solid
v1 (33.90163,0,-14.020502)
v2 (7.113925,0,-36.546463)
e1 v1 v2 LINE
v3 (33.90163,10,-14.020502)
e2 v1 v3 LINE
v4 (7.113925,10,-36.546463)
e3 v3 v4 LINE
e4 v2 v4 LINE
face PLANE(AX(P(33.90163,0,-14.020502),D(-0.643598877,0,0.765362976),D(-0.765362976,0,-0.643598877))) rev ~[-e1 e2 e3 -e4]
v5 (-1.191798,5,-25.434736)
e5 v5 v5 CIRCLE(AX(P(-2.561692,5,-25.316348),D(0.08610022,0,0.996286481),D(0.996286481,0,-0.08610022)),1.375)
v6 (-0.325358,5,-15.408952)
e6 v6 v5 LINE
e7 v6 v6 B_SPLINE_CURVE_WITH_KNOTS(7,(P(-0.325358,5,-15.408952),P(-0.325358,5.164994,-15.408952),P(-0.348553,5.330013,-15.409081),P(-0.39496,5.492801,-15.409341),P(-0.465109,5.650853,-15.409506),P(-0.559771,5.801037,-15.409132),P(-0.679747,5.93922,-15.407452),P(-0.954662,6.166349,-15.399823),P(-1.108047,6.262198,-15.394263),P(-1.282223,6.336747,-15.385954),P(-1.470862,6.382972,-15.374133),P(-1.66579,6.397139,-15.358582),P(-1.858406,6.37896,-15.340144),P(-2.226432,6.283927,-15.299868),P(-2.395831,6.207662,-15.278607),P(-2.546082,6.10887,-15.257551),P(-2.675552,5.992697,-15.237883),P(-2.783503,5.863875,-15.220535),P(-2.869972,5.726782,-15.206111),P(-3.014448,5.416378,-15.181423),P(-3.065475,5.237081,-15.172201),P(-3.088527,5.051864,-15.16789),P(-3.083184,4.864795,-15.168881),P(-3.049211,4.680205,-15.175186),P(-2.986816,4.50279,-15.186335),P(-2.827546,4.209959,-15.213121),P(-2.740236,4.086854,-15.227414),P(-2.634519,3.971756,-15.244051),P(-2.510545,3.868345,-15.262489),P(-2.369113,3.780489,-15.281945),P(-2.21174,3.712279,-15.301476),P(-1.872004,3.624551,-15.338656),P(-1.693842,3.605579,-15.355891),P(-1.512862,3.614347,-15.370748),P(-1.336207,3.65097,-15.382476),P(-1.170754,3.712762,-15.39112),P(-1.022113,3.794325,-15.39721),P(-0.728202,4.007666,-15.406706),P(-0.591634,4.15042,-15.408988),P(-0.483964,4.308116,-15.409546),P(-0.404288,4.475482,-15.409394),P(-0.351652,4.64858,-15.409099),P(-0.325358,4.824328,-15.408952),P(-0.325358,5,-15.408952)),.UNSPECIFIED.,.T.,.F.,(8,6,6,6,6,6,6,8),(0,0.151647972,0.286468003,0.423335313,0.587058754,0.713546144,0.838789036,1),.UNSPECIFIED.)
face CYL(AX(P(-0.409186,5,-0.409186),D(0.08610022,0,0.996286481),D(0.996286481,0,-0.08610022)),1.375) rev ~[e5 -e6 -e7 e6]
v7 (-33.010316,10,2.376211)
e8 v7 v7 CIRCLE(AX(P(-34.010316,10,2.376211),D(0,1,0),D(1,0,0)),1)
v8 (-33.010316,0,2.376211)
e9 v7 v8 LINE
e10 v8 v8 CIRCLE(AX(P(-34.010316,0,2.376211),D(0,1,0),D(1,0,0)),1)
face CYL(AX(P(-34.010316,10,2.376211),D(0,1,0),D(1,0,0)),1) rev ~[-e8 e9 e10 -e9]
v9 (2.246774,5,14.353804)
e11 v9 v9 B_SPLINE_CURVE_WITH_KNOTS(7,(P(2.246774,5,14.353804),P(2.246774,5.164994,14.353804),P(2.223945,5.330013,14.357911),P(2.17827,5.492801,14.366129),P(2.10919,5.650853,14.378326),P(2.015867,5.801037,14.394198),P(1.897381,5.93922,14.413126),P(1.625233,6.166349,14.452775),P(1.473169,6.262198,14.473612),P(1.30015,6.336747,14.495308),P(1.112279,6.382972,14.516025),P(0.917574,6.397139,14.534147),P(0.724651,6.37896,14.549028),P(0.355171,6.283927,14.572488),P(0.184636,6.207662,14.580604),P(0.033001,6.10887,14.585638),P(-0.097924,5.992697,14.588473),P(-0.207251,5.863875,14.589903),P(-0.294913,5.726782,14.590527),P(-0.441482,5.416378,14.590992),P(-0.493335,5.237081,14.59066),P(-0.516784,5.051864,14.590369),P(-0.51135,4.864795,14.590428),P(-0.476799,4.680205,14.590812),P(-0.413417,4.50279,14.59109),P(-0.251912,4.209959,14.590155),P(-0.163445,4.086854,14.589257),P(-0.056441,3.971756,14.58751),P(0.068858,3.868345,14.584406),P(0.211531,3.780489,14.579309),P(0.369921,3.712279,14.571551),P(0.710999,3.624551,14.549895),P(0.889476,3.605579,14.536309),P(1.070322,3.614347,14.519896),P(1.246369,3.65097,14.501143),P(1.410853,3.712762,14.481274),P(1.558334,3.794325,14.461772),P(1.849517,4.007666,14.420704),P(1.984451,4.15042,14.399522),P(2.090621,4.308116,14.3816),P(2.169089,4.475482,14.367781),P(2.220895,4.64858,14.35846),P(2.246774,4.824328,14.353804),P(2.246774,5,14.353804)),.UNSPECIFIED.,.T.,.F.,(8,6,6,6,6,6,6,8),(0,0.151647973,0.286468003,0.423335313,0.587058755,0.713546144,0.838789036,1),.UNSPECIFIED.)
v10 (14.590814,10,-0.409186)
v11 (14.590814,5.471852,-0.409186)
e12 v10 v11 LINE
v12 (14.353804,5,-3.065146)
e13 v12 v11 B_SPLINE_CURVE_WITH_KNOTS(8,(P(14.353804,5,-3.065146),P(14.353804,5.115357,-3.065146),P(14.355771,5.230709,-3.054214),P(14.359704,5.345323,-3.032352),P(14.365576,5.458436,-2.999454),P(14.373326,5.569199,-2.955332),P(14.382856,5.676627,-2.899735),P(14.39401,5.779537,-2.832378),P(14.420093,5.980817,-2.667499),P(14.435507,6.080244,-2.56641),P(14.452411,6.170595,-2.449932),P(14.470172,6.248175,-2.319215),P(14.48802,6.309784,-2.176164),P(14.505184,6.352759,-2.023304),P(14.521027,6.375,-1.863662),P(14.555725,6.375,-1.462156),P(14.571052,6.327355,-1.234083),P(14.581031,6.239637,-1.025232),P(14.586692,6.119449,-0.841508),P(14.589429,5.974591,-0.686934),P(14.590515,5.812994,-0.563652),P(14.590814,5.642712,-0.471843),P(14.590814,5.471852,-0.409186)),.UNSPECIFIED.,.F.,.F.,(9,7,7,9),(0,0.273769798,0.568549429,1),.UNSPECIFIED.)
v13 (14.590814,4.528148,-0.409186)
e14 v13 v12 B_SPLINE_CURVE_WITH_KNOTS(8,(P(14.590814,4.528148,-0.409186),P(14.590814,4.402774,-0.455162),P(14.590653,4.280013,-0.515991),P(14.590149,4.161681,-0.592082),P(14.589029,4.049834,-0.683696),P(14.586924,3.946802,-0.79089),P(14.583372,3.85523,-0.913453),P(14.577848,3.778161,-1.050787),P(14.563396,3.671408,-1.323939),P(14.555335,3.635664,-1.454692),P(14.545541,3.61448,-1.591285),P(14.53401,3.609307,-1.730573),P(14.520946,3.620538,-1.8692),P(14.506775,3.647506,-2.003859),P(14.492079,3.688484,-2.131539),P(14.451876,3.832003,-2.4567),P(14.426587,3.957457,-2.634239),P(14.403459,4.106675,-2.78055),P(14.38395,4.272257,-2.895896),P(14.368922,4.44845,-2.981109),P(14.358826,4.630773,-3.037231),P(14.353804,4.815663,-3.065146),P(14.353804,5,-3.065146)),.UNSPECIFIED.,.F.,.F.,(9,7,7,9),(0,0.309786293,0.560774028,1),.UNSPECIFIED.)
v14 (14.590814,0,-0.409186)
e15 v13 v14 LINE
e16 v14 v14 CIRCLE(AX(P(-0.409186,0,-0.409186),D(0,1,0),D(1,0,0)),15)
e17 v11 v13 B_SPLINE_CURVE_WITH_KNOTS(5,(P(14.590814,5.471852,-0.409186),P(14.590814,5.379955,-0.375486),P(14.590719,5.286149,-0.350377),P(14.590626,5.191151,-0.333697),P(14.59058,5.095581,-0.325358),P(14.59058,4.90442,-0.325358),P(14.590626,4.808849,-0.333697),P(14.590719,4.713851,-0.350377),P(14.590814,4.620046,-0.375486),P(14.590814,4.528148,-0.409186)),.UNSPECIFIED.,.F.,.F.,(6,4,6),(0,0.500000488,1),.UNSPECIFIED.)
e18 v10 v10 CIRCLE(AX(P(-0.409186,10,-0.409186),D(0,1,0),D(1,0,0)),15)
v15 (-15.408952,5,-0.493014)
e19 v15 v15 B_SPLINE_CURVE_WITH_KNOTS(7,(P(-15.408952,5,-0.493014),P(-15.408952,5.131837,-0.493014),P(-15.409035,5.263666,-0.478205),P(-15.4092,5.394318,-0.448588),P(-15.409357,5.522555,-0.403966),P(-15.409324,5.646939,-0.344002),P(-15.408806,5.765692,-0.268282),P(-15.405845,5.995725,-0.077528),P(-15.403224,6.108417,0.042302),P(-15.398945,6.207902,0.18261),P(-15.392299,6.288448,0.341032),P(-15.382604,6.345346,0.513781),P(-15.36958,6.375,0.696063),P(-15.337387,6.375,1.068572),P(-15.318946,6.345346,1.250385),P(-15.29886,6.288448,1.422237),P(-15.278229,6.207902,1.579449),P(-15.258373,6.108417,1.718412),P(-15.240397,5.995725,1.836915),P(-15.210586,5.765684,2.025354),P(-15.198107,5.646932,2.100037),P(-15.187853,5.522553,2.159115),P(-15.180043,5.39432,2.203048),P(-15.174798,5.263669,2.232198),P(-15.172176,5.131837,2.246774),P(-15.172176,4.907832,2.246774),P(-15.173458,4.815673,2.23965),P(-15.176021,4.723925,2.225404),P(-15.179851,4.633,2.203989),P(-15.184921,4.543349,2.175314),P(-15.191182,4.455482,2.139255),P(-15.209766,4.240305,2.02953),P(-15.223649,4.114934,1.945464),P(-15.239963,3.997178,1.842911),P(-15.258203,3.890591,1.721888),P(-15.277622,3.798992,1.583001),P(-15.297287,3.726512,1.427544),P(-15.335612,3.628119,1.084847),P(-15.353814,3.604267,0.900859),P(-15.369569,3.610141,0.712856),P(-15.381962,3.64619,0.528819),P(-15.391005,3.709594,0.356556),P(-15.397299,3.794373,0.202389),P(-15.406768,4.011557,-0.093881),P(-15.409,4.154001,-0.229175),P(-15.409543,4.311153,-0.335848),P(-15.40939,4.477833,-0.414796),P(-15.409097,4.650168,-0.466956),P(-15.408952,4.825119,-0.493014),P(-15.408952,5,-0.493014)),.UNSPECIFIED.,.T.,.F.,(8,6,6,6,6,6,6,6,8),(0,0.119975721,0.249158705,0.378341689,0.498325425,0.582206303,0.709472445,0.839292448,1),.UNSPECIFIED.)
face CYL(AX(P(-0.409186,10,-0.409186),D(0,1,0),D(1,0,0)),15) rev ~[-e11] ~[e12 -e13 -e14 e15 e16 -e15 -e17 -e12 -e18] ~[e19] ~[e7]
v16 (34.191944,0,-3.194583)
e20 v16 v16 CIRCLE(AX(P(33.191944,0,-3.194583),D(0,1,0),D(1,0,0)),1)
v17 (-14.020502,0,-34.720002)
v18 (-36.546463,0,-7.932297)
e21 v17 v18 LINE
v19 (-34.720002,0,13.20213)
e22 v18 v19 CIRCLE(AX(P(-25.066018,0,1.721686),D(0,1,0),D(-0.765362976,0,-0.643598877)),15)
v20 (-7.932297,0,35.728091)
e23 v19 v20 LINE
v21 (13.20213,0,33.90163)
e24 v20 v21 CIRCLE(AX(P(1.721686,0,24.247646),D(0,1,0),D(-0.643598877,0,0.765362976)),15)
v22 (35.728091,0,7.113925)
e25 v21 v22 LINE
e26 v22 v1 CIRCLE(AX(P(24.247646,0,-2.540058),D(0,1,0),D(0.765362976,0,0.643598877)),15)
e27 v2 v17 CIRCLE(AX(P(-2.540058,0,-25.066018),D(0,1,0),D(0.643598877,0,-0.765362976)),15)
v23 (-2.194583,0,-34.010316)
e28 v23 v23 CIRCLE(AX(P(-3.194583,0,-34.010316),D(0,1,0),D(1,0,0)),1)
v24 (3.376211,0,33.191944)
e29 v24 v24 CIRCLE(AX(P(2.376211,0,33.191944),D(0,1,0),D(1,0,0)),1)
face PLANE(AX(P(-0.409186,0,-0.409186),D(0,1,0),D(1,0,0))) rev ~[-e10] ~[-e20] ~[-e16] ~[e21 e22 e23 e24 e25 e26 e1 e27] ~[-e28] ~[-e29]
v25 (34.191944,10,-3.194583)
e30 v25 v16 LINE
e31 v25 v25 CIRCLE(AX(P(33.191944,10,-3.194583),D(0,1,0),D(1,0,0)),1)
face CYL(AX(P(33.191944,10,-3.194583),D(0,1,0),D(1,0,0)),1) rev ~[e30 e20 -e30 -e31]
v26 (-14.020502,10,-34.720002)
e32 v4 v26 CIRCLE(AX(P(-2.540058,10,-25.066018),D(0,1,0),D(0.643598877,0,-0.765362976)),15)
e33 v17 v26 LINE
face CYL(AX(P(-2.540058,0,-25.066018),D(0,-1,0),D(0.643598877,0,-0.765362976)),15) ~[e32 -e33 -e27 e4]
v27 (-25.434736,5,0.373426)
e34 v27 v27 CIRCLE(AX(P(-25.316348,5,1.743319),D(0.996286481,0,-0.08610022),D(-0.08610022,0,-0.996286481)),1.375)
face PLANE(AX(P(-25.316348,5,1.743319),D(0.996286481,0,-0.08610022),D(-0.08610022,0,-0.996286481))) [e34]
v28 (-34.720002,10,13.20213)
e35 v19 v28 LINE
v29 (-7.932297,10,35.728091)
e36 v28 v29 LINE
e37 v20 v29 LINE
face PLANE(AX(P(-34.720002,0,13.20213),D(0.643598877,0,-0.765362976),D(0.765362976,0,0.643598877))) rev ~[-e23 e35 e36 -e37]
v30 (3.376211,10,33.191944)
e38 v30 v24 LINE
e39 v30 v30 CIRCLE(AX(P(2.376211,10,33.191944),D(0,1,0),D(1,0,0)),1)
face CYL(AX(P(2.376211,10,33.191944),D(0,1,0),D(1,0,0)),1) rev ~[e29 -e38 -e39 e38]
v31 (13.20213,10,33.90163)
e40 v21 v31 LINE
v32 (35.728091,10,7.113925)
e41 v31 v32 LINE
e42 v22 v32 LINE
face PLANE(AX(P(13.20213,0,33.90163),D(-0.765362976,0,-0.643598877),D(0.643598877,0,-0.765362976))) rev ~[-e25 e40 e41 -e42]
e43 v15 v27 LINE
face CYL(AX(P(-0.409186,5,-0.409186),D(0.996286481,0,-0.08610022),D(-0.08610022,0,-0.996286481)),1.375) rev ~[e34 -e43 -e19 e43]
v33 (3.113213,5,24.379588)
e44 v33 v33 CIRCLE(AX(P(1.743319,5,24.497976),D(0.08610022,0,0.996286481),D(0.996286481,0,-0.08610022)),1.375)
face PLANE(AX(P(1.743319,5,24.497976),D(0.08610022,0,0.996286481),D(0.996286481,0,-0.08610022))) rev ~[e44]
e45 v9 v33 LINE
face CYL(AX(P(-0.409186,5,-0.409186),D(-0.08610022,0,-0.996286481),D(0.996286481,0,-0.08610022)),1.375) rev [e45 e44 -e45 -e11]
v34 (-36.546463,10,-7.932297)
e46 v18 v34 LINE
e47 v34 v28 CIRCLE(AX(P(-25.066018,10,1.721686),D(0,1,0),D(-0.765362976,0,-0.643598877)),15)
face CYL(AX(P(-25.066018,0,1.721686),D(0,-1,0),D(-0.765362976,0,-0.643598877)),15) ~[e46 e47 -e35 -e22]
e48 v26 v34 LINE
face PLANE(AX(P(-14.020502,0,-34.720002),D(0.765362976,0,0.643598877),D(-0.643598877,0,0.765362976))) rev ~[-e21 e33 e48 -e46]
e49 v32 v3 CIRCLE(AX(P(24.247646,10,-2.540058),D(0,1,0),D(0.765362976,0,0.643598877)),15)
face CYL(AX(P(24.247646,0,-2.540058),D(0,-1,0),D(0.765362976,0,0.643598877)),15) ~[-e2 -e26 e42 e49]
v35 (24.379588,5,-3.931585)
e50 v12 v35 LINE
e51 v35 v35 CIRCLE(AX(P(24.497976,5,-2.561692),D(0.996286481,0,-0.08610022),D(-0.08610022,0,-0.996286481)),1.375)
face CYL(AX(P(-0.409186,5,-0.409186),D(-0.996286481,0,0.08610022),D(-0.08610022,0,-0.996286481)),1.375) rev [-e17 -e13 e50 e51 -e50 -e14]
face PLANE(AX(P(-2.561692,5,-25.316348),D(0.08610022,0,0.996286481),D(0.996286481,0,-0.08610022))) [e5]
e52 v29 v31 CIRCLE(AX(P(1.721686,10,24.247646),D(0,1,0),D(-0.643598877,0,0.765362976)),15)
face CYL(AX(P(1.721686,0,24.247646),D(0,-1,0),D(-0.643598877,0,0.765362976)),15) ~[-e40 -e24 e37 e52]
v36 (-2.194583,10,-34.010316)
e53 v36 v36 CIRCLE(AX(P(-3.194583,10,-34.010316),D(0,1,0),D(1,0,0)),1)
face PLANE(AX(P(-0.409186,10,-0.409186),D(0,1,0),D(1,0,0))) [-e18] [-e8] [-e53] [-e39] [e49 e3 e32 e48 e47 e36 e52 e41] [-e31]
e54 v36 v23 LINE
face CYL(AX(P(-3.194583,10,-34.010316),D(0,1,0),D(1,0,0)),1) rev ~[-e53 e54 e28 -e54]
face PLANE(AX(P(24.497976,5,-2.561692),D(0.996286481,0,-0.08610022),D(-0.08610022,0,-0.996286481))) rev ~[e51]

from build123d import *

# Parameters (mm, degrees)
SKETCH2_R               = 16.2
BOSS_EXTRUDE2_DEPTH     = 10
SKETCH3_R               = 16.2
SKETCH3_R_2             = 1
CUT_EXTRUDE2_DEPTH      = 10
SKETCH4_R               = 16.2
SKETCH4_R_2             = 15
BOSS_EXTRUDE3_DEPTH     = 10
SKETCH7_R               = 1.375
CUT_EXTRUDE3_DEPTH      = 25
CUT_EXTRUDE3_DEPTH_BACK = 25
SKETCH8_R               = 1.375
CUT_EXTRUDE4_DEPTH      = 25
CUT_EXTRUDE4_DEPTH_BACK = 25


with BuildPart() as part:
    # Sketch2 → Boss-Extrude2 (new body)
    with BuildSketch(Plane(origin=(0, 0, 0), x_dir=(1, 0, 0), z_dir=(0, 1, 0))):
        with BuildLine():
            Line((33.90162956, 14.020502411), (7.113925389, 36.546463106))
            ThreePointArc((7.113925389, 36.546463106), (-3.831561071, 40.010315675), (-14.020502411, 34.720001617))
            Line((-14.020502411, 34.720001617), (-36.546463106, 7.932297446))
            ThreePointArc((-36.546463106, 7.932297446), (-40.010315675, -3.013189014), (-34.720001617, -13.202130354))
            Line((-34.720001617, -13.202130354), (-7.932297446, -35.728091049))
            ThreePointArc((-7.932297446, -35.728091049), (3.013189014, -39.191943618), (13.202130354, -33.90162956))
            Line((13.202130354, -33.90162956), (35.728091049, -7.113925389))
            ThreePointArc((35.728091049, -7.113925389), (39.191943618, 3.831561071), (33.90162956, 14.020502411))
        make_face()
        with Locations((-0.409186029, 0.409186029)):
            Circle(SKETCH2_R, mode=Mode.SUBTRACT)
    extrude(amount=BOSS_EXTRUDE2_DEPTH)

    # Sketch3 → Cut-Extrude2 (cut)
    with BuildSketch(Plane(origin=(0, 10, 0), x_dir=(1, 0, 0), z_dir=(0, 1, 0))):
        with Locations((-0.409186029, 0.409186029)):
            Circle(SKETCH3_R)
        with Locations((-34.010315675, -2.376211247)):
            Circle(SKETCH3_R_2)
        with Locations((-3.194583304, 34.010315675)):
            Circle(SKETCH3_R_2)
        with Locations((33.191943618, 3.194583304)):
            Circle(SKETCH3_R_2)
        with Locations((2.376211247, -33.191943618)):
            Circle(SKETCH3_R_2)
    extrude(amount=-CUT_EXTRUDE2_DEPTH, mode=Mode.SUBTRACT)

    # Sketch4 → Boss-Extrude3 (add)
    with BuildSketch(Plane(origin=(0, 10, 0), x_dir=(1, 0, 0), z_dir=(0, 1, 0))):
        with Locations((-0.409186029, 0.409186029)):
            Circle(SKETCH4_R)
        with Locations((-0.409186029, 0.409186029)):
            Circle(SKETCH4_R_2, mode=Mode.SUBTRACT)
    extrude(amount=-BOSS_EXTRUDE3_DEPTH)

    # Sketch7 → Cut-Extrude3 (cut, two sides)
    with BuildSketch(Plane(origin=(-0.371052455, 0, 0.032066779), x_dir=(-0.08610022, 0, -0.996286481), z_dir=(0.996286481, 0, -0.08610022))) as cut_extrude3_sk:
        with Locations((0.442897516, 5)):
            Circle(SKETCH7_R)
    extrude(amount=CUT_EXTRUDE3_DEPTH, mode=Mode.SUBTRACT)
    extrude(cut_extrude3_sk.sketch, amount=-CUT_EXTRUDE3_DEPTH_BACK, mode=Mode.SUBTRACT)

    # Sketch8 → Cut-Extrude4 (cut, two sides)
    with BuildSketch(Plane(origin=(-0.038133574, 0, -0.441252807), x_dir=(0.996286481, 0, -0.08610022), z_dir=(0.08610022, 0, 0.996286481))) as cut_extrude4_sk:
        with Locations((-0.372435501, 5)):
            Circle(SKETCH8_R)
    extrude(amount=CUT_EXTRUDE4_DEPTH, mode=Mode.SUBTRACT)
    extrude(cut_extrude4_sk.sketch, amount=-CUT_EXTRUDE4_DEPTH_BACK, mode=Mode.SUBTRACT)


solid = part.part
